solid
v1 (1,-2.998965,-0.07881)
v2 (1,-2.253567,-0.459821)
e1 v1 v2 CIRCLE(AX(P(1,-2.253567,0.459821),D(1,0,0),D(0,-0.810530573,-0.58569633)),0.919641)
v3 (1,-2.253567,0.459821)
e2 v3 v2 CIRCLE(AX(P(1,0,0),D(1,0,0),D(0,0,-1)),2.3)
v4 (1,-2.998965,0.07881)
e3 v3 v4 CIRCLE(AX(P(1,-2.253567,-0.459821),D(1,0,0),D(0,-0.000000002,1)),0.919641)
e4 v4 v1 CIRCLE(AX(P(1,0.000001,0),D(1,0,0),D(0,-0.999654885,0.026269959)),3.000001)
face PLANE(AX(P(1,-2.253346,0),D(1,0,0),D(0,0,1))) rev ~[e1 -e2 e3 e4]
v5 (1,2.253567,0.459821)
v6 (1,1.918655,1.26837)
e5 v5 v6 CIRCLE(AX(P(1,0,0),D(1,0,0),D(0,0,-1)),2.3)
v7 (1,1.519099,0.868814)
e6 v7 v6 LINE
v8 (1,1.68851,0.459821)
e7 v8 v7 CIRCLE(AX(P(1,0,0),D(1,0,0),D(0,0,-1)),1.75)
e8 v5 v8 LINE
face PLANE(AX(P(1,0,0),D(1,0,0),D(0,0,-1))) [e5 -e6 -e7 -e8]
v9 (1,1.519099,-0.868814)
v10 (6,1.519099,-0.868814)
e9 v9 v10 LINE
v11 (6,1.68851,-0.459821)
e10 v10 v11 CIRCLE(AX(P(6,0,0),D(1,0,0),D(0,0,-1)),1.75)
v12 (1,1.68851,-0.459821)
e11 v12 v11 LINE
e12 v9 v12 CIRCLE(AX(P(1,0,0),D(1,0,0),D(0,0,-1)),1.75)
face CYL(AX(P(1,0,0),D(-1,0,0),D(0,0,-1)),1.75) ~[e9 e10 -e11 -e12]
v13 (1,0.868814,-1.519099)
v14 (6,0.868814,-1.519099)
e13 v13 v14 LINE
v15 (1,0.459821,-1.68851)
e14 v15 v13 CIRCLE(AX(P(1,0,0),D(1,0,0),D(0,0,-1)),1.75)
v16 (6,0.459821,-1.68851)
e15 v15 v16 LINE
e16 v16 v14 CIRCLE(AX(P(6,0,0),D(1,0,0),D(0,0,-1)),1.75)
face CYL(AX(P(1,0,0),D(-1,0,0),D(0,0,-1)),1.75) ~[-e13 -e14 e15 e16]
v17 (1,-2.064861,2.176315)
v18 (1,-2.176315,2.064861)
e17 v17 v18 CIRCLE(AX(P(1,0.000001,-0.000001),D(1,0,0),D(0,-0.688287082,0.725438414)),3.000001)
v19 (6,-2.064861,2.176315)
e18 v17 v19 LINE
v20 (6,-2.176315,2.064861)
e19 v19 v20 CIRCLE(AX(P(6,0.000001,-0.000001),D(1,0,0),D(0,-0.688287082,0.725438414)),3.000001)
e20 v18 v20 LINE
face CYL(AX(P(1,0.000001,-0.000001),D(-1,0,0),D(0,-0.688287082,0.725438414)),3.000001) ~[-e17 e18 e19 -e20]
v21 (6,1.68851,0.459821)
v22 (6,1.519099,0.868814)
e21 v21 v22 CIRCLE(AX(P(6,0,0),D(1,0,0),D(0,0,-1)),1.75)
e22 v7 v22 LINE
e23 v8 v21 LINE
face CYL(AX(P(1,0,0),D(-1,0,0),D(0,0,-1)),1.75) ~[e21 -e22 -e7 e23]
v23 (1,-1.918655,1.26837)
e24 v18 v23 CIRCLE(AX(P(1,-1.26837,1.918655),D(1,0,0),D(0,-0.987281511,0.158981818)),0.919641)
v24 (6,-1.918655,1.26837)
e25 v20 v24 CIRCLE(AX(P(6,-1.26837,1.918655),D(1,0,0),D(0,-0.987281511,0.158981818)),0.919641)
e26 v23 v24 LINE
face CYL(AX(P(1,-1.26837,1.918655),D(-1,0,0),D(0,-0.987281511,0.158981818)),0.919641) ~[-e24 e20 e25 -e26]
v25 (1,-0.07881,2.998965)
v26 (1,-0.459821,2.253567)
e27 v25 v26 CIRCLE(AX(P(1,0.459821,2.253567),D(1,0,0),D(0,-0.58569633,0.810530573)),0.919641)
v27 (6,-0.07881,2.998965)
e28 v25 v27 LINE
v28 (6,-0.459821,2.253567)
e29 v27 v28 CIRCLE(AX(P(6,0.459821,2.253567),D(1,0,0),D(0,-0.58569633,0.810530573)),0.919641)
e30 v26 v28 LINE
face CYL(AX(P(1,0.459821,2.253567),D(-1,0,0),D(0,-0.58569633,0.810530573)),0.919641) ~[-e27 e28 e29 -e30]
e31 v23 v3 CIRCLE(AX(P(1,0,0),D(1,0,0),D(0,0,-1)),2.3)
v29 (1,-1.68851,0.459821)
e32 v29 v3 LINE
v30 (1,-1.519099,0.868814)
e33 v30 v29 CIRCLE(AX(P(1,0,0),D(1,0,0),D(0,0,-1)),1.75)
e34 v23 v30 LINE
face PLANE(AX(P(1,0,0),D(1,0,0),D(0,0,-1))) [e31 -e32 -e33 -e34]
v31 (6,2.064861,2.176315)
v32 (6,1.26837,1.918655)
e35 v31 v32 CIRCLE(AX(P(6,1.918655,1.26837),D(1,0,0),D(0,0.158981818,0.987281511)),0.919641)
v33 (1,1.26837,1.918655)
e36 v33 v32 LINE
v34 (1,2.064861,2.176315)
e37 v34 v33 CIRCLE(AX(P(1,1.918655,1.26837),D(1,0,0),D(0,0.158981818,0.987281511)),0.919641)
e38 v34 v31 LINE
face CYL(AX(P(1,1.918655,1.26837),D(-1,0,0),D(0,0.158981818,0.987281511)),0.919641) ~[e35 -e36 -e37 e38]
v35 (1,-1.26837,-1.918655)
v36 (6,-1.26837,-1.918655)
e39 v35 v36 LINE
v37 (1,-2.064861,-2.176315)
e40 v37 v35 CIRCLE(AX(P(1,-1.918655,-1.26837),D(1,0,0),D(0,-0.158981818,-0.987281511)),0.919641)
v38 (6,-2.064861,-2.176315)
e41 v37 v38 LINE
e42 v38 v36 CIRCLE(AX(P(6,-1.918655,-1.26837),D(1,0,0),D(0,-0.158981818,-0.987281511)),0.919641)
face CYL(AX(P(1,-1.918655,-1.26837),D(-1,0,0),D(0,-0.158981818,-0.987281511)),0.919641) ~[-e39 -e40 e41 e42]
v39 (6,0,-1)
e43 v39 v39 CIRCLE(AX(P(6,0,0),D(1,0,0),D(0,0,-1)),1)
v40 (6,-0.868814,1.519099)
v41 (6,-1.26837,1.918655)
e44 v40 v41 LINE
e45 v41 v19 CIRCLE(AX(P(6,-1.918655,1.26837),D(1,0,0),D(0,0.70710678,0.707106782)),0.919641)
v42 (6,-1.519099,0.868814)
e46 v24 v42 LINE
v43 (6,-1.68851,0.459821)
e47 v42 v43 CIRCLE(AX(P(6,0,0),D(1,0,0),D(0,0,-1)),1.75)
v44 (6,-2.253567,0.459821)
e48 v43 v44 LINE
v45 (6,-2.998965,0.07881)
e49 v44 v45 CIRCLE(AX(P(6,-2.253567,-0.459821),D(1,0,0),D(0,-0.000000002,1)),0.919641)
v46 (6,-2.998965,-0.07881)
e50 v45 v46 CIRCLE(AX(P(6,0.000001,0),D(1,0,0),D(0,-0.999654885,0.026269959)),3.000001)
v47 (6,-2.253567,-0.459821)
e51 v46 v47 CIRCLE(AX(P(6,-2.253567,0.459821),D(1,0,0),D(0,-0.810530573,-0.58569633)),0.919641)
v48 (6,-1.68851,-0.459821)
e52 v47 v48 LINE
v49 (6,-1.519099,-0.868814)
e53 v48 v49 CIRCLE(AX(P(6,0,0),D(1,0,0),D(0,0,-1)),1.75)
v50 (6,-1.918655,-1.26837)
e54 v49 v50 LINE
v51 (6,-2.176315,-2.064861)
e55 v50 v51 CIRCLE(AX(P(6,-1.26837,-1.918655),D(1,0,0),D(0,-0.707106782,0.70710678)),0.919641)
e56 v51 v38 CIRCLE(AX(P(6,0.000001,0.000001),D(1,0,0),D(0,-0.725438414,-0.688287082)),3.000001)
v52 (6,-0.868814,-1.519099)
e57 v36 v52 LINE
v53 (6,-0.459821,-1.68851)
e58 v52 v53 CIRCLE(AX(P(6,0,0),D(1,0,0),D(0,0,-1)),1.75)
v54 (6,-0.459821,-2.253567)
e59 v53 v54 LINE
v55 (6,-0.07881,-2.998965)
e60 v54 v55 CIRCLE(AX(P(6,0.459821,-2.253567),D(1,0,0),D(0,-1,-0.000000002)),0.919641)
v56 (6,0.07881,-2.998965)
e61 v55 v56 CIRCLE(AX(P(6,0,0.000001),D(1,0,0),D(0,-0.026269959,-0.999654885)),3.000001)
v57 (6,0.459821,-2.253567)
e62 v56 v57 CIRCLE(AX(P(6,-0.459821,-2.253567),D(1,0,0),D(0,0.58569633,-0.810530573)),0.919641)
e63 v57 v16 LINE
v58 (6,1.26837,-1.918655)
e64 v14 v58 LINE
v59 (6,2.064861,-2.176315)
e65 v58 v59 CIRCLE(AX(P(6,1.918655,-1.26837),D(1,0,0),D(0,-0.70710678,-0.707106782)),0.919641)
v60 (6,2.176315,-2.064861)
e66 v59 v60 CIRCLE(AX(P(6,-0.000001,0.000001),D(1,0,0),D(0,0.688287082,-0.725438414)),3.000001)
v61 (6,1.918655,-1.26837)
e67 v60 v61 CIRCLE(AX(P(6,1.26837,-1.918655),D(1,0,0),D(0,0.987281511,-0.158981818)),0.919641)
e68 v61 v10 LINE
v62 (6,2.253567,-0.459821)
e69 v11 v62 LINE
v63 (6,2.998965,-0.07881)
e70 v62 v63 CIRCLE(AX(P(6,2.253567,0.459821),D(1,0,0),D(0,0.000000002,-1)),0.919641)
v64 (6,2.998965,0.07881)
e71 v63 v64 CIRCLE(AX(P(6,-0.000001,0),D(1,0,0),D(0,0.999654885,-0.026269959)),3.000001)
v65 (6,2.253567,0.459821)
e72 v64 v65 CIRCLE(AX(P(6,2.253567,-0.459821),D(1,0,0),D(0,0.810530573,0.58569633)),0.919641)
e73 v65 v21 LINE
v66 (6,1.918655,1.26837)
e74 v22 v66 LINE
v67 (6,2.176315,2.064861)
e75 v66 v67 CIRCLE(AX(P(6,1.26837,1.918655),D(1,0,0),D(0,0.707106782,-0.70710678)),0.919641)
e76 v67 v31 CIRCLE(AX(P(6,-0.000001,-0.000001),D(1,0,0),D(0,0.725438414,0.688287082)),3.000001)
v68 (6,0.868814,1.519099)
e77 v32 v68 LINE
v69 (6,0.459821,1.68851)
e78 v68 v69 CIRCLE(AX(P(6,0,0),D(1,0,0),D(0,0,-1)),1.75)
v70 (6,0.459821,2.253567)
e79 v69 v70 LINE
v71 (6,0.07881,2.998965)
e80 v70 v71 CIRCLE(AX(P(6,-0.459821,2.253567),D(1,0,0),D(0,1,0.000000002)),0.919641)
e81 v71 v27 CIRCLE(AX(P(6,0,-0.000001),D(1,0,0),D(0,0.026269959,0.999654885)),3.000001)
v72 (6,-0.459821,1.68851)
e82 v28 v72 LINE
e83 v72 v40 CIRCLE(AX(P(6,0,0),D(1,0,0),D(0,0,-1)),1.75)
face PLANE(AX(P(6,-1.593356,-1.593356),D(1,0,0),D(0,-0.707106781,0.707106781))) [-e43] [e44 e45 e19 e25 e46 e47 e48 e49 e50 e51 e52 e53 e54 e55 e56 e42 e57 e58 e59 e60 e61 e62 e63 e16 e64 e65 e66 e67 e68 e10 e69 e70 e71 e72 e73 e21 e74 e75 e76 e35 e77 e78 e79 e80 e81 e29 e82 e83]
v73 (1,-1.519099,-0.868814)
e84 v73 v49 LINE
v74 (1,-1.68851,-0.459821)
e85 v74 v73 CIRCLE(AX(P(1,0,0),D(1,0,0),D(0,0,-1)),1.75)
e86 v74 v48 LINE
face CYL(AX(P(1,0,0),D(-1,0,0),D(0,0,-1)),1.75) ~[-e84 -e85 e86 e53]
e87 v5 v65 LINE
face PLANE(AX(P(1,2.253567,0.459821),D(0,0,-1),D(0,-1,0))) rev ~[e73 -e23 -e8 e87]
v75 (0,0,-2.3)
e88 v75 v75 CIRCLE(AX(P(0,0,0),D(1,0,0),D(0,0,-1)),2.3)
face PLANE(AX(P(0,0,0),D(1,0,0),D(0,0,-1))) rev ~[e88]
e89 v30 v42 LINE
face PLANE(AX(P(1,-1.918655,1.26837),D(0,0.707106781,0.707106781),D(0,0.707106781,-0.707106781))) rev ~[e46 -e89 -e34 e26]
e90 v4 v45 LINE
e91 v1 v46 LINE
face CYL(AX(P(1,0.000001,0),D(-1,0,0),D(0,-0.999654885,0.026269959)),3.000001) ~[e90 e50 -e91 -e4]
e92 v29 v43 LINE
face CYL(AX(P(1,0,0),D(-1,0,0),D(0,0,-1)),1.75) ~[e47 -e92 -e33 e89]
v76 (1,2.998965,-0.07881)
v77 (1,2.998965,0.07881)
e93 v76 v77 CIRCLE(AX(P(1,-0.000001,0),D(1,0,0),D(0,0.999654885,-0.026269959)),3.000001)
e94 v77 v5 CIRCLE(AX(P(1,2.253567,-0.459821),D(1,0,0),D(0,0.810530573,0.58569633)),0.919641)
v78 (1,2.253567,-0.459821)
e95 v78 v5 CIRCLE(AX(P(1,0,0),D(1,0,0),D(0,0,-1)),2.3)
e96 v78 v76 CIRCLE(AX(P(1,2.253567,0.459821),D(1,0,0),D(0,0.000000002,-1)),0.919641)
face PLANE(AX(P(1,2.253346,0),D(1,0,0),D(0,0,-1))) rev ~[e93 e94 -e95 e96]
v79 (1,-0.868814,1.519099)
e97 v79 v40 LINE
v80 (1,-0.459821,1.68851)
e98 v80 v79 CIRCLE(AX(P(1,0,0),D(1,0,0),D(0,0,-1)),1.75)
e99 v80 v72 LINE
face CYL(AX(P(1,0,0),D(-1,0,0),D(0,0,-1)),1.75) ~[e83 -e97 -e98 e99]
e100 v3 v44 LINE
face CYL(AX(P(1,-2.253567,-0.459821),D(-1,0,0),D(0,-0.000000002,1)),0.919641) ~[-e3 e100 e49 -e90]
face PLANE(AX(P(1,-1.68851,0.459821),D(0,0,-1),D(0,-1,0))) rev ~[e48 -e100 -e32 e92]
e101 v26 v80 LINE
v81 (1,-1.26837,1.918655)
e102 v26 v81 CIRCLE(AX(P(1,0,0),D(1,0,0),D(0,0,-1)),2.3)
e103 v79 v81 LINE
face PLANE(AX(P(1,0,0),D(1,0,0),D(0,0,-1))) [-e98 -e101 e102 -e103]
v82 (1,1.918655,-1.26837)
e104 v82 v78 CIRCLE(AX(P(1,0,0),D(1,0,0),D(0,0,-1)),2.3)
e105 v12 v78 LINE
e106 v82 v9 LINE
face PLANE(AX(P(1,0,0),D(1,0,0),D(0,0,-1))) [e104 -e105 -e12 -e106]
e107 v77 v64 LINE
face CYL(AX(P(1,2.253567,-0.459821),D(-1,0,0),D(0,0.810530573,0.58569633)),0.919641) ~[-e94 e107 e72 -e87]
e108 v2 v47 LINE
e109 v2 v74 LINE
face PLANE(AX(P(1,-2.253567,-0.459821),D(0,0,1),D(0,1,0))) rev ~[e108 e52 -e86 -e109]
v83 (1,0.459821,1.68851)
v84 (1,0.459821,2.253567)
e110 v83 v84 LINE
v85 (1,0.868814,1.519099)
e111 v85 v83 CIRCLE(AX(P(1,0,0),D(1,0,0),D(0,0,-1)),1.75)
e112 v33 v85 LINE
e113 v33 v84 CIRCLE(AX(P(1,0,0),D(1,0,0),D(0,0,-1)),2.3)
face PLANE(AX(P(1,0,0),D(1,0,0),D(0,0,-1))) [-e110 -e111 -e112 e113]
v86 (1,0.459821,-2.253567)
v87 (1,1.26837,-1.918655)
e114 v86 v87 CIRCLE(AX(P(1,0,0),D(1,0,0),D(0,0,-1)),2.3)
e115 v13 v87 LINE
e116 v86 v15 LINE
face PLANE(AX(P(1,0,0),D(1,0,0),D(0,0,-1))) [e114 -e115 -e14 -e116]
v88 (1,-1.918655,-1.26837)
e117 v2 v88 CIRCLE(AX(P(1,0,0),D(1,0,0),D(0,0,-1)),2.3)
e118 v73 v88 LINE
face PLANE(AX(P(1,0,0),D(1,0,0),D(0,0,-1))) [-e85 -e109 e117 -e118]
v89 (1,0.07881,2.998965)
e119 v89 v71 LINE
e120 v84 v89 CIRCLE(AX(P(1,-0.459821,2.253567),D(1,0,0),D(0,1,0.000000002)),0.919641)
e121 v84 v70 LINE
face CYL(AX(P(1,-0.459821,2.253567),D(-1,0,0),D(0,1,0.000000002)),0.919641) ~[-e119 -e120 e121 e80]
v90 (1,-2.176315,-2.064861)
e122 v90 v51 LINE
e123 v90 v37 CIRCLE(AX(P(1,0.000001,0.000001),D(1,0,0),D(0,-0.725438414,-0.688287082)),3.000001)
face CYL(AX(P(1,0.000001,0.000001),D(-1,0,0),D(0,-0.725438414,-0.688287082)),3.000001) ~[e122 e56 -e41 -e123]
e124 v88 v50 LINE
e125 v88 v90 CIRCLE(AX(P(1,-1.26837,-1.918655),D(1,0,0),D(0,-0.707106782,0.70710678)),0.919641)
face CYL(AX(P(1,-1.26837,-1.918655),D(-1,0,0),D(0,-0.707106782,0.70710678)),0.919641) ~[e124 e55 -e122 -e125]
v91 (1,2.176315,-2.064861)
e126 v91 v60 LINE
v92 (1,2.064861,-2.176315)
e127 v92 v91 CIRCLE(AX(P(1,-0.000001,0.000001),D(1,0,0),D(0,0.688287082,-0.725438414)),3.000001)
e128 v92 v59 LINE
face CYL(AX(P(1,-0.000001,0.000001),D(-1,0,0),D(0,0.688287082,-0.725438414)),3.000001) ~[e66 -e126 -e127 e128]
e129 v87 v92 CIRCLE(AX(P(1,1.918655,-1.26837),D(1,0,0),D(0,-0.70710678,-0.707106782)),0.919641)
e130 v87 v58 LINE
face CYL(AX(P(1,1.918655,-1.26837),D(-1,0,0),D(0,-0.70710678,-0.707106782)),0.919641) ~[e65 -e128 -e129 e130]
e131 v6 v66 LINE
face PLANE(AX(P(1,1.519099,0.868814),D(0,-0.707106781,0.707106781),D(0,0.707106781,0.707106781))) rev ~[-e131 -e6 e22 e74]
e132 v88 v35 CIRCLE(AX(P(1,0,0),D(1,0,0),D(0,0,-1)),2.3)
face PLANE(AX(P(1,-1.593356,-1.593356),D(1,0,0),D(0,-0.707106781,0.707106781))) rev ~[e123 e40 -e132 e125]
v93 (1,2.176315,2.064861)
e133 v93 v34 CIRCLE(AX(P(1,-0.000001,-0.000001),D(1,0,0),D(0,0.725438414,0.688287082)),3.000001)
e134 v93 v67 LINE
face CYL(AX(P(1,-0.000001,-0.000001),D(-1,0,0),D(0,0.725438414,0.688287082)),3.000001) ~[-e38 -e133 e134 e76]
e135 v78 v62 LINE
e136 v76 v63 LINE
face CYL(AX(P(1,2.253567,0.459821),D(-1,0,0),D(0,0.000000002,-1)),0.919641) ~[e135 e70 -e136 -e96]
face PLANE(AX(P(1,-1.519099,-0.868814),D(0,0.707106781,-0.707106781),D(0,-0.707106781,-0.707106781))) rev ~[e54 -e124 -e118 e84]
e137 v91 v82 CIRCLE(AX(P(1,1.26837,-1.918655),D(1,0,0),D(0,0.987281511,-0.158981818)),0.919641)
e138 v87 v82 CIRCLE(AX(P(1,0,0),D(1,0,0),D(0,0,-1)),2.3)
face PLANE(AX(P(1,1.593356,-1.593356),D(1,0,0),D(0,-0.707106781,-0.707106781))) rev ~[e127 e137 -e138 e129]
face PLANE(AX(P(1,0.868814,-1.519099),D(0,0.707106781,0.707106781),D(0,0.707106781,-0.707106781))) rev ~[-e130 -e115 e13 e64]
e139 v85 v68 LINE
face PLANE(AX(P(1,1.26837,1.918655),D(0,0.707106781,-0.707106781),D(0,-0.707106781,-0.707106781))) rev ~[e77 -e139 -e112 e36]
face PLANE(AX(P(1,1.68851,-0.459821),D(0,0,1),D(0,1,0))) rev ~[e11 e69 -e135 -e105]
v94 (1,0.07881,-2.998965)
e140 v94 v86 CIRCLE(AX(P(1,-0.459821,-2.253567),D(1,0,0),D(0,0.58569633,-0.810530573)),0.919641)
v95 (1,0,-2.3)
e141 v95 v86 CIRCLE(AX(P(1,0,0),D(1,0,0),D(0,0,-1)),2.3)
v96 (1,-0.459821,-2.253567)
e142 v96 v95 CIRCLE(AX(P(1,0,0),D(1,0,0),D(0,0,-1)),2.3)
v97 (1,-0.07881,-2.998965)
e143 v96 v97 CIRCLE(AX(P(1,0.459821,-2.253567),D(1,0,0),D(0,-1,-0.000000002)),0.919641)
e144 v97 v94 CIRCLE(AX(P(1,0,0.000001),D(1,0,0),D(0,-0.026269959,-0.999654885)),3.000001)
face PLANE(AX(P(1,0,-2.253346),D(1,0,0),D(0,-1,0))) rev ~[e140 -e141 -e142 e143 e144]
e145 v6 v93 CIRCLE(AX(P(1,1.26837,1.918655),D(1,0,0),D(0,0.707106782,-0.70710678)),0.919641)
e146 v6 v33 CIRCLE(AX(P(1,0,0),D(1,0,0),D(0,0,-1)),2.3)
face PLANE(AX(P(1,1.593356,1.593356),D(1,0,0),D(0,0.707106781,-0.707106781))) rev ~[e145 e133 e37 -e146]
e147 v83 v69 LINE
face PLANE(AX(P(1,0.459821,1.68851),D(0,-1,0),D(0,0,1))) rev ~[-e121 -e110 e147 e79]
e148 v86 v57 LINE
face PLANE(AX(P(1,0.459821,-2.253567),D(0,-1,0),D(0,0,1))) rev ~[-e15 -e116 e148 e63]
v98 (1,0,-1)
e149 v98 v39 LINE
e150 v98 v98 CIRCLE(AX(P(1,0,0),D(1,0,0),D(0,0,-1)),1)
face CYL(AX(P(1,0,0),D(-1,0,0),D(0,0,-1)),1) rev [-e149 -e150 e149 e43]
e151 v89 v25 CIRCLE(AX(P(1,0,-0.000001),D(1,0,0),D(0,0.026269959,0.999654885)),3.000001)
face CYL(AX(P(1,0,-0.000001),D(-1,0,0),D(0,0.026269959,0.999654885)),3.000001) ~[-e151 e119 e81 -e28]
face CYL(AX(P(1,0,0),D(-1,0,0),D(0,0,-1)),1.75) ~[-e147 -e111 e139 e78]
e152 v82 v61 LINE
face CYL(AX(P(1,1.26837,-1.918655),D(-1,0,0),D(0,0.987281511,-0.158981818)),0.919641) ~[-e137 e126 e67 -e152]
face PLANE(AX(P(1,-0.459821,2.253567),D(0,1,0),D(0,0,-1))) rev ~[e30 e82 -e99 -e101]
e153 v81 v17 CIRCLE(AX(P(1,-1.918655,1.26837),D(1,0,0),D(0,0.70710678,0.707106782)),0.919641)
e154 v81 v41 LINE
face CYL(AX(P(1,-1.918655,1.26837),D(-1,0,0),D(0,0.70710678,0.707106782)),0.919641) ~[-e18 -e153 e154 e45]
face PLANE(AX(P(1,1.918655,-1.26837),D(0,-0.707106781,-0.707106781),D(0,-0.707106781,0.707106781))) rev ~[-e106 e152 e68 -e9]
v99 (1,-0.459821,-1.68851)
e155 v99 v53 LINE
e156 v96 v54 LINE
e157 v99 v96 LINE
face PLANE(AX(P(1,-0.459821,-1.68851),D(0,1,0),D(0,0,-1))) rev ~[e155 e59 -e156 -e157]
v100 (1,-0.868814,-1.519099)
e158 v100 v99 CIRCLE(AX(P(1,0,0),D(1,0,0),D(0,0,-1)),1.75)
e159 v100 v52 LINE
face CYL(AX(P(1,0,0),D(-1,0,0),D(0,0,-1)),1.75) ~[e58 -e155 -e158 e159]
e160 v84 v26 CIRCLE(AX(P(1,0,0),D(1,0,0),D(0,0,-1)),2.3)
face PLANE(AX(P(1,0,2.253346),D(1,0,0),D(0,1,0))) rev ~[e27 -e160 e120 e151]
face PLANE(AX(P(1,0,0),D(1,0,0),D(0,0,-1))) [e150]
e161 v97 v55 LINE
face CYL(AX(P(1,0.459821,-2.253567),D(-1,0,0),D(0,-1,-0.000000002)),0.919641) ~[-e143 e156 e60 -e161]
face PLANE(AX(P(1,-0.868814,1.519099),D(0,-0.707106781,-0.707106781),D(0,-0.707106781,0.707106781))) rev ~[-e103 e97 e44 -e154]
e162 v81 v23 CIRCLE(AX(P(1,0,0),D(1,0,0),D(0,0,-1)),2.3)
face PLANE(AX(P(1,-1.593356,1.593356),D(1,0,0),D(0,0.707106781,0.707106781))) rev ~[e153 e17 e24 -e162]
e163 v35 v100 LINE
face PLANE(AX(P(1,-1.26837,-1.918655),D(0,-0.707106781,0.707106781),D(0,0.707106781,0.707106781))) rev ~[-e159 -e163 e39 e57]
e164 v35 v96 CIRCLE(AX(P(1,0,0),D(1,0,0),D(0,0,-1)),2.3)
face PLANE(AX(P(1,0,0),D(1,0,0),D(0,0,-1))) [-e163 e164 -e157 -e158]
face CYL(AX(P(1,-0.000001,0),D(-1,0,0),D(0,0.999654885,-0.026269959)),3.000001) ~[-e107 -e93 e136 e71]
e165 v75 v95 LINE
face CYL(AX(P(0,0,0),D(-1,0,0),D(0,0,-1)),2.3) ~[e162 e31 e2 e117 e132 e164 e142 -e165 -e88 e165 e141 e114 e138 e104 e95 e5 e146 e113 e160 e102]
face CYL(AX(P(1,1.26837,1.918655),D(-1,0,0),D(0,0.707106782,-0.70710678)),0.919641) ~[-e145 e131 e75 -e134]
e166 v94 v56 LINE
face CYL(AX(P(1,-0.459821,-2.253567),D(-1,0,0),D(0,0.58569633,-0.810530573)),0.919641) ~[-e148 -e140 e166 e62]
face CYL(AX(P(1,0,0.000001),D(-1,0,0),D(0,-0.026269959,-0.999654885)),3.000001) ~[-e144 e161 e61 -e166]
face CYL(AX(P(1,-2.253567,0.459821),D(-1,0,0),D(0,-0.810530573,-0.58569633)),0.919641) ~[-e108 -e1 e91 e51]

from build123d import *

# Parameters (mm, degrees)
SKETCH1_R           = 2.3
BOSS_EXTRUDE1_DEPTH = 1
SKETCH2_R           = 1.75
SKETCH2_R_2         = 1
BOSS_EXTRUDE2_DEPTH = 5
BOSS_EXTRUDE3_DEPTH = 5
CIRPATTERN1_COUNT   = 8


with BuildPart() as part:
    # Sketch1 → Boss-Extrude1 (new body)
    with BuildSketch(Plane(origin=(0, 0, 0), x_dir=(0, 0, -1), z_dir=(1, 0, 0))):
        Circle(SKETCH1_R)
    extrude(amount=BOSS_EXTRUDE1_DEPTH)

    # Sketch2 → Boss-Extrude2 (add)
    with BuildSketch(Plane(origin=(1, 0, 0), x_dir=(0, 0, -1), z_dir=(1, 0, 0))):
        Circle(SKETCH2_R)
        Circle(SKETCH2_R_2, mode=Mode.SUBTRACT)
    extrude(amount=BOSS_EXTRUDE2_DEPTH)


with BuildPart() as body_2:
    # Sketch3 → Boss-Extrude3 (new body)
    with BuildSketch(Plane(origin=(1, 0, 0), x_dir=(0, 0, -1), z_dir=(1, 0, 0))):
        with BuildLine():
            ThreePointArc((-0.45982072, 1.68850967), (0, 1.75), (0.45982072, 1.68850967))
            Line((0.45982072, 1.68850967), (0.45982072, 2.253567151))
            ThreePointArc((0.45982072, 2.253567151), (0.359046611, 2.672132166), (0.078809895, 2.998964655))
            ThreePointArc((0.078809895, 2.998964655), (0, 3), (-0.078809895, 2.998964655))
            ThreePointArc((-0.078809895, 2.998964655), (-0.359046611, 2.672132166), (-0.45982072, 2.253567151))
            Line((-0.45982072, 2.253567151), (-0.45982072, 1.68850967))
        make_face()
    extrude(amount=BOSS_EXTRUDE3_DEPTH)


with BuildPart() as cirpattern1_1:
    # CirPattern1: pattern copy
    add(body_2.part.rotate(Axis((0, 0, 0), (1, 0, 0)), 1 * 360 / CIRPATTERN1_COUNT))


with BuildPart() as cirpattern1_2:
    # CirPattern1: pattern copy
    add(body_2.part.rotate(Axis((0, 0, 0), (1, 0, 0)), 2 * 360 / CIRPATTERN1_COUNT))


with BuildPart() as cirpattern1_3:
    # CirPattern1: pattern copy
    add(body_2.part.rotate(Axis((0, 0, 0), (1, 0, 0)), 3 * 360 / CIRPATTERN1_COUNT))


with BuildPart() as cirpattern1_4:
    # CirPattern1: pattern copy
    add(body_2.part.rotate(Axis((0, 0, 0), (1, 0, 0)), 4 * 360 / CIRPATTERN1_COUNT))


with BuildPart() as cirpattern1_5:
    # CirPattern1: pattern copy
    add(body_2.part.rotate(Axis((0, 0, 0), (1, 0, 0)), 5 * 360 / CIRPATTERN1_COUNT))


with BuildPart() as cirpattern1_6:
    # CirPattern1: pattern copy
    add(body_2.part.rotate(Axis((0, 0, 0), (1, 0, 0)), 6 * 360 / CIRPATTERN1_COUNT))


with BuildPart() as cirpattern1_7:
    # CirPattern1: pattern copy
    add(body_2.part.rotate(Axis((0, 0, 0), (1, 0, 0)), 7 * 360 / CIRPATTERN1_COUNT))


with BuildPart() as body_2_1:
    add(body_2.part)

    # Combine1: union CirPattern1_7, CirPattern1_6, CirPattern1_4, CirPattern1_3, part, CirPattern1_1, CirPattern1_2, CirPattern1_5
    add(cirpattern1_7.part)
    add(cirpattern1_6.part)
    add(cirpattern1_4.part)
    add(cirpattern1_3.part)
    add(part.part)
    add(cirpattern1_1.part)
    add(cirpattern1_2.part)
    add(cirpattern1_5.part)


solid = body_2_1.part
